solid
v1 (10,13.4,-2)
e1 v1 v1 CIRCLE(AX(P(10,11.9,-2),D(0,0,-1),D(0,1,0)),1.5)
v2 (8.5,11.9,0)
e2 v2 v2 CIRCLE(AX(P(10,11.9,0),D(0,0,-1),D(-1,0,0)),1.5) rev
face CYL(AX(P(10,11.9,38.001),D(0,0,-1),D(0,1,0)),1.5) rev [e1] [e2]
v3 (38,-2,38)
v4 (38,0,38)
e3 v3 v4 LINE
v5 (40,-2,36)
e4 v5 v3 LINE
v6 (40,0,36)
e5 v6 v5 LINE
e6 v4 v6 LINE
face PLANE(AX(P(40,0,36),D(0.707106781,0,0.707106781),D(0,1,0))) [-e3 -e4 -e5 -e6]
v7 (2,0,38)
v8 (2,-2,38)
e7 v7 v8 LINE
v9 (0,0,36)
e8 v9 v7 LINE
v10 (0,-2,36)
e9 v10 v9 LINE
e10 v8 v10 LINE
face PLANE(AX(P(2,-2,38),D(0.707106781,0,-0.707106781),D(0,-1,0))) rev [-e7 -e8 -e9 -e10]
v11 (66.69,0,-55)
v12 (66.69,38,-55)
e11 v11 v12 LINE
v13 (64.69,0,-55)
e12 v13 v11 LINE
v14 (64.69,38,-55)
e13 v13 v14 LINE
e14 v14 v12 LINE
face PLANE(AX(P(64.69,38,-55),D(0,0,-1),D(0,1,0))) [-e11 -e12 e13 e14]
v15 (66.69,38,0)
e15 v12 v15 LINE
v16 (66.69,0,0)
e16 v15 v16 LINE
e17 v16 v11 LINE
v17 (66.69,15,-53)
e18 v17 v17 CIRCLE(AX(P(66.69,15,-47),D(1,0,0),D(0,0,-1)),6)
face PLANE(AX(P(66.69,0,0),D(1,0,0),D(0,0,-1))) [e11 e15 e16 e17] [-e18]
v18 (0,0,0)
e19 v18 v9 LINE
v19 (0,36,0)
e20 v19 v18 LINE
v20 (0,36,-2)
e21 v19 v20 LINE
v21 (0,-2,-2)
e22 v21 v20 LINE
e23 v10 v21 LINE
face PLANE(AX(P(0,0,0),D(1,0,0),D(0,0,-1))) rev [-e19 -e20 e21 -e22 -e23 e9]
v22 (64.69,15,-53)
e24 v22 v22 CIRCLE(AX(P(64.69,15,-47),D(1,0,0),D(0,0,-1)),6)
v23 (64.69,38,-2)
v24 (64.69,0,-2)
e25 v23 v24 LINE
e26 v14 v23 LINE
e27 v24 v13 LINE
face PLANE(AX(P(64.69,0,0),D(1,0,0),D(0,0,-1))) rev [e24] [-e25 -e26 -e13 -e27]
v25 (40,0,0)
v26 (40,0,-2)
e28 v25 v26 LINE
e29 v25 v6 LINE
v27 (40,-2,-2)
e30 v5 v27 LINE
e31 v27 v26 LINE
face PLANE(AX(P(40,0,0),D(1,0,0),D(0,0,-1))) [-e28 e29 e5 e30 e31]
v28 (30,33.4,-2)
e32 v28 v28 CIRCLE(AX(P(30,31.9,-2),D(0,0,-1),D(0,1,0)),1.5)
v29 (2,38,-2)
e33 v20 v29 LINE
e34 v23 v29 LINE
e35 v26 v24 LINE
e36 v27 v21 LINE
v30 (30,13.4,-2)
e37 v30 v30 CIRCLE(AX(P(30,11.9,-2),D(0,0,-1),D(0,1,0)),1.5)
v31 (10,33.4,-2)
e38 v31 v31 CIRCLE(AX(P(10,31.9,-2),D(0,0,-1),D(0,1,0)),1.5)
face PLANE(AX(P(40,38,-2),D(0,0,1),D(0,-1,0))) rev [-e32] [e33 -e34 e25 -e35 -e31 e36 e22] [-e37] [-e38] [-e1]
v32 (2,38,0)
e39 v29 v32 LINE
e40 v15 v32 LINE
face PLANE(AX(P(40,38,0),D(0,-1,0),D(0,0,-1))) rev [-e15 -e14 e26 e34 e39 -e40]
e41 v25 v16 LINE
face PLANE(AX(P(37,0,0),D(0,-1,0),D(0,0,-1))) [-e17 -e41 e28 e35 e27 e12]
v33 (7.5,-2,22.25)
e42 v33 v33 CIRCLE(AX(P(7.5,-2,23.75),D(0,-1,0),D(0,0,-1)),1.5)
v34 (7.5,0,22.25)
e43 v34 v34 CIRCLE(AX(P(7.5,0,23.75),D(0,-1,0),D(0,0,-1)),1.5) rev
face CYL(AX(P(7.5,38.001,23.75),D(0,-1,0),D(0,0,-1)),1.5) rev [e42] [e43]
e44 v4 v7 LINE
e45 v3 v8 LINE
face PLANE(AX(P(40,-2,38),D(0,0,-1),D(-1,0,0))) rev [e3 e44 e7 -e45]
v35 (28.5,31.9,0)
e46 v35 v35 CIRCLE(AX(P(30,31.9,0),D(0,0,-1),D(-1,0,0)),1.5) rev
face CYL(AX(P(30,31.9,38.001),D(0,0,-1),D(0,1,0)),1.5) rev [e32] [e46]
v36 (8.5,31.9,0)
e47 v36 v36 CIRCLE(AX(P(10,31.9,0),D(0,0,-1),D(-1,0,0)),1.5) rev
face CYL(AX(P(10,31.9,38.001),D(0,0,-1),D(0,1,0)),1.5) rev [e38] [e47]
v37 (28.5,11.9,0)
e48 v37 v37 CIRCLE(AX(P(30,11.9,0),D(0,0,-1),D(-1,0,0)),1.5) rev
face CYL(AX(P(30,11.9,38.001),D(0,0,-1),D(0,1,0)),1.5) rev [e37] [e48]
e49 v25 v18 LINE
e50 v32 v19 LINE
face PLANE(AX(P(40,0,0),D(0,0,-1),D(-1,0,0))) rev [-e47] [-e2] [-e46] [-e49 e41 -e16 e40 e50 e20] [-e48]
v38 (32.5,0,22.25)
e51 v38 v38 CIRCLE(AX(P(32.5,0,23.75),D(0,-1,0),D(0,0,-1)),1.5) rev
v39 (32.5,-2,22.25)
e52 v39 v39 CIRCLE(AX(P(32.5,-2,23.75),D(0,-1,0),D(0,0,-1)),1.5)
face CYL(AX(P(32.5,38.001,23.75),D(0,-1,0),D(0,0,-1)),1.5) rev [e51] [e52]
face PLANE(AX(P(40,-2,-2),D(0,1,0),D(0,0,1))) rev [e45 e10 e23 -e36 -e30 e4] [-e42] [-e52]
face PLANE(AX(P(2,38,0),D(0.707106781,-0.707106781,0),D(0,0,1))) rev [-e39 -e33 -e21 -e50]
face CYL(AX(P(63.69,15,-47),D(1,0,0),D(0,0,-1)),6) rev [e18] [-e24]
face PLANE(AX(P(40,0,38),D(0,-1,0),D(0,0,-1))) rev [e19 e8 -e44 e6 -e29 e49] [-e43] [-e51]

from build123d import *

# Parameters (mm, degrees)
EXTRUDE1_DEPTH           = 40
EXTRUDE2_REACH           = 42
SKETCH2_R                = 1.5
EXTRUDE3_REACH           = 42
SKETCH3_R                = 1.5
CHAMFER1_SIZE            = 2
SKETCH4_W                = 2
SKETCH4_H                = 38
BOSS_EXTRUDE1_DEPTH      = 26.69
BOSS_EXTRUDE1_DEPTH_BACK = 3
SKETCH5_W                = 53
SKETCH5_H                = 38
BOSS_EXTRUDE2_DEPTH      = 2
SKETCH6_R                = 6
CUT_EXTRUDE1_DEPTH       = 3


with BuildPart() as part:
    # Sketch1 → Extrude1 (new body)
    with BuildSketch(Plane(origin=(0, 0, 0), x_dir=(0, 0, -1), z_dir=(1, 0, 0))):
        Polygon((0, 0), (0, 38), (2, 38), (2, -2), (-38, -2), (-38, 0), align=None)
    extrude(amount=EXTRUDE1_DEPTH)

    # Sketch2 → Extrude2 (cut, up to next)
    with BuildSketch(Plane(origin=(0, -2, 0), x_dir=(-1, 0, 0), z_dir=(0, -1, 0)), mode=Mode.PRIVATE) as extrude2_sk1:
        with Locations((-32.5, -23.75)):
            Circle(SKETCH2_R)
    extrude2_tool1 = extrude(extrude2_sk1.sketch, amount=-EXTRUDE2_REACH, mode=Mode.PRIVATE) & part.part
    add(extrude2_tool1.solids().sort_by_distance((32.5, -2, 23.75))[0], mode=Mode.SUBTRACT)
    # Sketch2 → Extrude2 (cut, up to next)
    with BuildSketch(Plane(origin=(0, -2, 0), x_dir=(-1, 0, 0), z_dir=(0, -1, 0)), mode=Mode.PRIVATE) as extrude2_sk2:
        with Locations((-7.5, -23.75)):
            Circle(SKETCH2_R)
    extrude2_tool2 = extrude(extrude2_sk2.sketch, amount=-EXTRUDE2_REACH, mode=Mode.PRIVATE) & part.part
    add(extrude2_tool2.solids().sort_by_distance((7.5, -2, 23.75))[0], mode=Mode.SUBTRACT)

    # Sketch3 → Extrude3 (cut, up to next)
    with BuildSketch(Plane(origin=(0, 0, -2), x_dir=(-1, 0, 0), z_dir=(0, 0, -1)), mode=Mode.PRIVATE) as extrude3_sk1:
        with Locations((-10, 31.9)):
            Circle(SKETCH3_R)
    extrude3_tool1 = extrude(extrude3_sk1.sketch, amount=-EXTRUDE3_REACH, mode=Mode.PRIVATE) & part.part
    add(extrude3_tool1.solids().sort_by_distance((10, 31.9, -2))[0], mode=Mode.SUBTRACT)
    # Sketch3 → Extrude3 (cut, up to next)
    with BuildSketch(Plane(origin=(0, 0, -2), x_dir=(-1, 0, 0), z_dir=(0, 0, -1)), mode=Mode.PRIVATE) as extrude3_sk2:
        with Locations((-30, 31.9)):
            Circle(SKETCH3_R)
    extrude3_tool2 = extrude(extrude3_sk2.sketch, amount=-EXTRUDE3_REACH, mode=Mode.PRIVATE) & part.part
    add(extrude3_tool2.solids().sort_by_distance((30, 31.9, -2))[0], mode=Mode.SUBTRACT)
    # Sketch3 → Extrude3 (cut, up to next)
    with BuildSketch(Plane(origin=(0, 0, -2), x_dir=(-1, 0, 0), z_dir=(0, 0, -1)), mode=Mode.PRIVATE) as extrude3_sk3:
        with Locations((-30, 11.9)):
            Circle(SKETCH3_R)
    extrude3_tool3 = extrude(extrude3_sk3.sketch, amount=-EXTRUDE3_REACH, mode=Mode.PRIVATE) & part.part
    add(extrude3_tool3.solids().sort_by_distance((30, 11.9, -2))[0], mode=Mode.SUBTRACT)
    # Sketch3 → Extrude3 (cut, up to next)
    with BuildSketch(Plane(origin=(0, 0, -2), x_dir=(-1, 0, 0), z_dir=(0, 0, -1)), mode=Mode.PRIVATE) as extrude3_sk4:
        with Locations((-10, 11.9)):
            Circle(SKETCH3_R)
    extrude3_tool4 = extrude(extrude3_sk4.sketch, amount=-EXTRUDE3_REACH, mode=Mode.PRIVATE) & part.part
    add(extrude3_tool4.solids().sort_by_distance((10, 11.9, -2))[0], mode=Mode.SUBTRACT)

    # Chamfer1
    chamfer1_edges = [part.edges().sort_by_distance(p)[0] for p in [
        (40, 38, -1),
        (0, 38, -1),
        (40, -1, 38),
        (0, -1, 38),
    ]]
    chamfer(chamfer1_edges, length=CHAMFER1_SIZE)

    # Sketch4 → Boss-Extrude1 (add, two sides)
    with BuildSketch(Plane(origin=(40, 0, 0), x_dir=(0, 0, -1), z_dir=(1, 0, 0))) as boss_extrude1_sk:
        with Locations((1, 19)):
            Rectangle(SKETCH4_W, SKETCH4_H)
    extrude(amount=BOSS_EXTRUDE1_DEPTH)
    extrude(boss_extrude1_sk.sketch, amount=-BOSS_EXTRUDE1_DEPTH_BACK)

    # Sketch5 → Boss-Extrude2 (add)
    with BuildSketch(Plane(origin=(66.69, 0, 0), x_dir=(0, 0, -1), z_dir=(1, 0, 0))):
        with Locations((28.5, 19)):
            Rectangle(SKETCH5_W, SKETCH5_H)
    extrude(amount=-BOSS_EXTRUDE2_DEPTH)

    # Sketch6 → Cut-Extrude1 (cut)
    with BuildSketch(Plane(origin=(66.69, 0, 0), x_dir=(0, 0, -1), z_dir=(1, 0, 0))):
        with Locations((47, 15)):
            Circle(SKETCH6_R)
    extrude(amount=-CUT_EXTRUDE1_DEPTH, mode=Mode.SUBTRACT)


solid = part.part
